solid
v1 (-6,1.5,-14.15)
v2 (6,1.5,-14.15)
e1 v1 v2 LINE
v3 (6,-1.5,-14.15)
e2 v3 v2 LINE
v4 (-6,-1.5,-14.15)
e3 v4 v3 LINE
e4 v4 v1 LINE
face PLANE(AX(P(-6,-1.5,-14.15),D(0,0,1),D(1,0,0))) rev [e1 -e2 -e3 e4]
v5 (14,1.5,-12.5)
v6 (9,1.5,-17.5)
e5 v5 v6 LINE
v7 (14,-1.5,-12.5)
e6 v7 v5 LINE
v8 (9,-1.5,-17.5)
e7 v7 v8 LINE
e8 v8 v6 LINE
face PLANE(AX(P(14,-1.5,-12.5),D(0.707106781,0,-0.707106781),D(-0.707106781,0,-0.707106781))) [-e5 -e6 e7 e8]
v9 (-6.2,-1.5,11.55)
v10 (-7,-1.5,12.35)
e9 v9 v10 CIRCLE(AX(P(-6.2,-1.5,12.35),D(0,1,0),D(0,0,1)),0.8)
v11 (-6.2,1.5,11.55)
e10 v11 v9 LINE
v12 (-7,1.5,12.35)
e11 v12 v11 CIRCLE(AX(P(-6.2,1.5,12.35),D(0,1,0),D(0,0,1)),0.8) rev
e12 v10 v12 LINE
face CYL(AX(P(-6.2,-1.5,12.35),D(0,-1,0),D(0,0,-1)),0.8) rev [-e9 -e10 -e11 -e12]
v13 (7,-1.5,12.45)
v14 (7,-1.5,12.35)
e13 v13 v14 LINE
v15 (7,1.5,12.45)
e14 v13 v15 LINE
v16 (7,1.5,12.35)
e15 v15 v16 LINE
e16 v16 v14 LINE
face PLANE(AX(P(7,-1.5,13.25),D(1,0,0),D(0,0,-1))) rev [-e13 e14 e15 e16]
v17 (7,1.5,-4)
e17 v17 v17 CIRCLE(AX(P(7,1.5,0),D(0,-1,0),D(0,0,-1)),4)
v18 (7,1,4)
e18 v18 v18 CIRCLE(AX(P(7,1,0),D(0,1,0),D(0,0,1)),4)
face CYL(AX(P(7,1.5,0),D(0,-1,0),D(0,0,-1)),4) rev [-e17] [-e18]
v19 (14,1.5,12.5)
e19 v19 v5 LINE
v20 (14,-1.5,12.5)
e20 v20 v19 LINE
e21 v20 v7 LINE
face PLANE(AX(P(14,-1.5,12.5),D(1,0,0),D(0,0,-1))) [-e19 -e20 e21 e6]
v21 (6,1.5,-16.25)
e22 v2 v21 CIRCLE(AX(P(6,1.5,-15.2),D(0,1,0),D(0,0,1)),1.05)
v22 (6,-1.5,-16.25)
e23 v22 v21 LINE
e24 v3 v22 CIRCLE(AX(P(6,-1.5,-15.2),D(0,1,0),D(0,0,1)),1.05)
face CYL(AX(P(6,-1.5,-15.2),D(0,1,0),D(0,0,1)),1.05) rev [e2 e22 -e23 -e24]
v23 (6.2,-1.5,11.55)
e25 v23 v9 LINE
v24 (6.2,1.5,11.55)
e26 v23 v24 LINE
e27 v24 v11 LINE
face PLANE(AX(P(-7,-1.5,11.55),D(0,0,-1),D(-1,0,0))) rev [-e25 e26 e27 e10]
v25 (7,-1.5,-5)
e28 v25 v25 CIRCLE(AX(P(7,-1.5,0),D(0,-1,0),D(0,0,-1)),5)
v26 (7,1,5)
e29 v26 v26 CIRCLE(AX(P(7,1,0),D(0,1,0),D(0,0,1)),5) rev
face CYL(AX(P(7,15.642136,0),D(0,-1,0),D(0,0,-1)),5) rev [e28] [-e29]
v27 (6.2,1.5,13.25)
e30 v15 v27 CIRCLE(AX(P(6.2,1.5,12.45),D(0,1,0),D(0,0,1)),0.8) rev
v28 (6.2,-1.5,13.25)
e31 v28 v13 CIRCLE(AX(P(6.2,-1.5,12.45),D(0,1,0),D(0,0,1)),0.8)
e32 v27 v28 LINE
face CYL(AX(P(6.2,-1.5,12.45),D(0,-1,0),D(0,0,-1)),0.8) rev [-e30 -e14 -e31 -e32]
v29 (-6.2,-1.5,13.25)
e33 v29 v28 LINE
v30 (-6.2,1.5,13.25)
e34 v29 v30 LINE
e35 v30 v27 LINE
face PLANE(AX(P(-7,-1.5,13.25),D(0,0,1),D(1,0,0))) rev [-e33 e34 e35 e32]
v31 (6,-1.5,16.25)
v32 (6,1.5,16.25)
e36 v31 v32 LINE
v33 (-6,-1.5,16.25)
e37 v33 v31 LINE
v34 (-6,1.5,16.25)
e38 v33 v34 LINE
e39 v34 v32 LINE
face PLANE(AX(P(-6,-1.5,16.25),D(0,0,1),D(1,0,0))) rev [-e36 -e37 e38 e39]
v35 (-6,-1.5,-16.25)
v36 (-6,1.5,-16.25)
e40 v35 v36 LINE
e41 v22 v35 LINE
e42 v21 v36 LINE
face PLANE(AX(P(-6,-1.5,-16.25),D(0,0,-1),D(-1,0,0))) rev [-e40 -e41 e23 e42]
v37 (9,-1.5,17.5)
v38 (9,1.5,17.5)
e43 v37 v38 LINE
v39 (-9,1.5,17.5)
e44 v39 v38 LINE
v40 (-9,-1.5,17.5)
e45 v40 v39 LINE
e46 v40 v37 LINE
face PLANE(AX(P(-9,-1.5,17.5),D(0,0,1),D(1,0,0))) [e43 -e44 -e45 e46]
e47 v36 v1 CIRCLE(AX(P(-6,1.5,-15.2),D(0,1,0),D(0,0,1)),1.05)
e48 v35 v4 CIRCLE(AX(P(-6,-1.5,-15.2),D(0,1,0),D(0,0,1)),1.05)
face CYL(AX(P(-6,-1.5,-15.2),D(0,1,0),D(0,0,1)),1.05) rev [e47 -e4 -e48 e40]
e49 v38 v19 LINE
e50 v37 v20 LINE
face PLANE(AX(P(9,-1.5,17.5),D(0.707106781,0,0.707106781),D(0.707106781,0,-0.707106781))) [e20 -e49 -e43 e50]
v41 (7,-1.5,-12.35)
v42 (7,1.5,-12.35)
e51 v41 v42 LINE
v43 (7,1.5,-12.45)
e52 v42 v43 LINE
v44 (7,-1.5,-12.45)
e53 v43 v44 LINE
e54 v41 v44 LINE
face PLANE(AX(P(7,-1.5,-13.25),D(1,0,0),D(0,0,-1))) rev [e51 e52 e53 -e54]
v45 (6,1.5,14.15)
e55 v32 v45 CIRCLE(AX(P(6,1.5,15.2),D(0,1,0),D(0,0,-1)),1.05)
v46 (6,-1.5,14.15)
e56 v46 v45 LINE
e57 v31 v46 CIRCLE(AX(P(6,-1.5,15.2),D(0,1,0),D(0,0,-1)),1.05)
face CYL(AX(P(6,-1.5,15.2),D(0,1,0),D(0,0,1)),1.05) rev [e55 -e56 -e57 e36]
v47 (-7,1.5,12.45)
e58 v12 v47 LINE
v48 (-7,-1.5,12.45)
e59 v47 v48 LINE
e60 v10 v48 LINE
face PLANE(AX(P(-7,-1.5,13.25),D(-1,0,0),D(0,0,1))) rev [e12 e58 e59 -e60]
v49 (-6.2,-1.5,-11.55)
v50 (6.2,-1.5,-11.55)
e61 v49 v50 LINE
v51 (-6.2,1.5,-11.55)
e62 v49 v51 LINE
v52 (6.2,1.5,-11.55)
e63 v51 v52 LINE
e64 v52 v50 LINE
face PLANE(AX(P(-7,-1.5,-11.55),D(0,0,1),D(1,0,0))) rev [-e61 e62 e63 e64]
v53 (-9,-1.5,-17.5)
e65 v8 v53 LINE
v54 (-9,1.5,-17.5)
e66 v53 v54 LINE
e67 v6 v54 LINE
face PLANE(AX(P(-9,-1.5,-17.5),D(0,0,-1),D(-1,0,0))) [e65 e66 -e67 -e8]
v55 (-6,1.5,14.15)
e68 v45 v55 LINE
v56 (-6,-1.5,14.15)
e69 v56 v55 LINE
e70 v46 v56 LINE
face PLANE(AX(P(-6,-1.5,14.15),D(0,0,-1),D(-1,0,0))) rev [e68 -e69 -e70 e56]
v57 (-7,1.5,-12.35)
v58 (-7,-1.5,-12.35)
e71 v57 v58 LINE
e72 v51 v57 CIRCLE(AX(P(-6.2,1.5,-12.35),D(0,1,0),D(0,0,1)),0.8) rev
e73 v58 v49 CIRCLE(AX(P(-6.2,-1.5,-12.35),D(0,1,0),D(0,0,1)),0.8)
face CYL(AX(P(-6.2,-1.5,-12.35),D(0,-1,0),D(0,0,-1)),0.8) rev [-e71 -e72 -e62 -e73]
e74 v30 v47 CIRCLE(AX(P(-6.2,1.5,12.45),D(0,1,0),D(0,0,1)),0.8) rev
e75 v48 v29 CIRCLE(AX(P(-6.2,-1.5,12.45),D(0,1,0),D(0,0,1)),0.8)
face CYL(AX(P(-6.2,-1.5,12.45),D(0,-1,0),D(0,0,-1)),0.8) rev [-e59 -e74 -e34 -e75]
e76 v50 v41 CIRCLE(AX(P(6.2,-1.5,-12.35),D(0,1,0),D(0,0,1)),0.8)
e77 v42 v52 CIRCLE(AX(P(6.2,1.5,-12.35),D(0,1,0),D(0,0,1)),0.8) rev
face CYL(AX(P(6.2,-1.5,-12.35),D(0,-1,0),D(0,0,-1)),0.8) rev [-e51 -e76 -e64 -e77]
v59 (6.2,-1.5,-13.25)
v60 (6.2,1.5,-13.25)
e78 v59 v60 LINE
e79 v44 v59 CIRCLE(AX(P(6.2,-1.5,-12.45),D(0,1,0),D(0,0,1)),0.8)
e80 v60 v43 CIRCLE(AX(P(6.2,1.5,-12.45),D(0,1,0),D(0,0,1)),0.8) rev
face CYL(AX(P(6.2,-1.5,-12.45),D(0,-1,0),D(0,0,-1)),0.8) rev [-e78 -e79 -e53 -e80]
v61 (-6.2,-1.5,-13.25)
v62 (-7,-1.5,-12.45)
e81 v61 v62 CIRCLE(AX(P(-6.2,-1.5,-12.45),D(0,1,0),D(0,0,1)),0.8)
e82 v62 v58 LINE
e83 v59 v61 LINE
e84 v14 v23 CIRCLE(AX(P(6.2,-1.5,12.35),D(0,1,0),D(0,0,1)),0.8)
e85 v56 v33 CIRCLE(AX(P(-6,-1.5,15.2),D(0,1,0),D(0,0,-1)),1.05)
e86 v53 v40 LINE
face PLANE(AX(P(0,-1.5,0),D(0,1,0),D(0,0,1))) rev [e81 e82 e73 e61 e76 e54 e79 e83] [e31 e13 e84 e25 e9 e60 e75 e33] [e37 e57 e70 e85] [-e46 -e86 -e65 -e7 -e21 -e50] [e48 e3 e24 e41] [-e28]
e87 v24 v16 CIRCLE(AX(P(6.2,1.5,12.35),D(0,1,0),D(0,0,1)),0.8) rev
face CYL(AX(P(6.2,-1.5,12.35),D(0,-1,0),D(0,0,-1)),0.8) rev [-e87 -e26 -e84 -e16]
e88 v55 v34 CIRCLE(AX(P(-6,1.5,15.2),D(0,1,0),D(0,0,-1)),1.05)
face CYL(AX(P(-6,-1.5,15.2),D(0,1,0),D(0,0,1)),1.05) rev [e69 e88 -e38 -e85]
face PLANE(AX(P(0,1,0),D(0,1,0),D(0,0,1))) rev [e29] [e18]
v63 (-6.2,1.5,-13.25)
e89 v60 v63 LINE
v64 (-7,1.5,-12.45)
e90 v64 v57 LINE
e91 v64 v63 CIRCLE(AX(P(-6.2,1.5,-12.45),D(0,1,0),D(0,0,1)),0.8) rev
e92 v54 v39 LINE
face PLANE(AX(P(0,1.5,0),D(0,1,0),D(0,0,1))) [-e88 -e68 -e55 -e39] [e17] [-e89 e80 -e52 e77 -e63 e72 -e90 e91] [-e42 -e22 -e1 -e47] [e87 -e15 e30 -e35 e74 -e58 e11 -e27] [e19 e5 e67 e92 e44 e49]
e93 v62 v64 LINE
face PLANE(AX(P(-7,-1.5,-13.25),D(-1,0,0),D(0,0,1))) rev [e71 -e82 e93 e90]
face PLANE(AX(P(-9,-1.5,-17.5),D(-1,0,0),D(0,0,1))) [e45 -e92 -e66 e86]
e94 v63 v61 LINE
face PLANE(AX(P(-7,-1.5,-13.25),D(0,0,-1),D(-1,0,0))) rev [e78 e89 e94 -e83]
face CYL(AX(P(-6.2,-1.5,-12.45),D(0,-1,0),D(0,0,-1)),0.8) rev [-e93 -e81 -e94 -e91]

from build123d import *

# Parameters (mm, degrees)
SKIZZE1_W                       = 14
SKIZZE1_H                       = 1.7
AUFSATZ_LINEAR_AUSTRAGEN1_DEPTH = 1.5
VERRUNDUNG1_R                   = 0.8
SKIZZE4_R                       = 5
SCHNITT_LINEAR_AUSTRAGEN1_DEPTH = 2.5
SKIZZE4_3_R                     = 4
SCHNITT_LINEAR_AUSTRAGEN2_DEPTH = 4


with BuildPart() as part:
    # Skizze1 → Aufsatz-Linear austragen1 (new body, symmetric)
    with BuildSketch(Plane(origin=(0, 0, 0), x_dir=(1, 0, 0), z_dir=(0, 1, 0))):
        Polygon((-9, 17.5), (9, 17.5), (14, 12.5), (14, -12.5), (9, -17.5), (-9, -17.5), align=None)
        with BuildLine():
            Line((-6, -16.25), (6, -16.25))
            ThreePointArc((6, -16.25), (7.05, -15.2), (6, -14.15))
            Line((6, -14.15), (-6, -14.15))
            ThreePointArc((-6, -14.15), (-7.05, -15.2), (-6, -16.25))
        make_face(mode=Mode.SUBTRACT)
        with Locations((0, 12.4)):
            Rectangle(SKIZZE1_W, SKIZZE1_H, mode=Mode.SUBTRACT)
        with BuildLine():
            Line((-6, 16.25), (6, 16.25))
            ThreePointArc((6, 16.25), (7.05, 15.2), (6, 14.15))
            Line((6, 14.15), (-6, 14.15))
            ThreePointArc((-6, 14.15), (-7.05, 15.2), (-6, 16.25))
        make_face(mode=Mode.SUBTRACT)
        with Locations((0, -12.4)):
            Rectangle(SKIZZE1_W, SKIZZE1_H, mode=Mode.SUBTRACT)
    extrude(amount=AUFSATZ_LINEAR_AUSTRAGEN1_DEPTH, both=True)

    # Verrundung1
    verrundung1_edges = [part.edges().sort_by_distance(p)[0] for p in [
        (-7, 0, -11.55),
        (-7, 0, -13.25),
        (7, 0, -13.25),
        (7, 0, -11.55),
        (7, 0, 13.25),
        (-7, 0, 13.25),
        (-7, 0, 11.55),
        (7, 0, 11.55),
    ]]
    fillet(verrundung1_edges, radius=VERRUNDUNG1_R)

    # Skizze4 → Schnitt-Linear austragen1 (cut)
    with BuildSketch(Plane.XZ.offset(1.5)):
        with Locations((7, 0)):
            Circle(SKIZZE4_R)
    extrude(amount=-SCHNITT_LINEAR_AUSTRAGEN1_DEPTH, mode=Mode.SUBTRACT)

    # Skizze4<3> → Schnitt-Linear austragen2 (cut, through all)
    with BuildSketch(Plane.XZ.offset(1.5)):
        with Locations((7, 0)):
            Circle(SKIZZE4_3_R)
    extrude(amount=-SCHNITT_LINEAR_AUSTRAGEN2_DEPTH, mode=Mode.SUBTRACT)


solid = part.part
